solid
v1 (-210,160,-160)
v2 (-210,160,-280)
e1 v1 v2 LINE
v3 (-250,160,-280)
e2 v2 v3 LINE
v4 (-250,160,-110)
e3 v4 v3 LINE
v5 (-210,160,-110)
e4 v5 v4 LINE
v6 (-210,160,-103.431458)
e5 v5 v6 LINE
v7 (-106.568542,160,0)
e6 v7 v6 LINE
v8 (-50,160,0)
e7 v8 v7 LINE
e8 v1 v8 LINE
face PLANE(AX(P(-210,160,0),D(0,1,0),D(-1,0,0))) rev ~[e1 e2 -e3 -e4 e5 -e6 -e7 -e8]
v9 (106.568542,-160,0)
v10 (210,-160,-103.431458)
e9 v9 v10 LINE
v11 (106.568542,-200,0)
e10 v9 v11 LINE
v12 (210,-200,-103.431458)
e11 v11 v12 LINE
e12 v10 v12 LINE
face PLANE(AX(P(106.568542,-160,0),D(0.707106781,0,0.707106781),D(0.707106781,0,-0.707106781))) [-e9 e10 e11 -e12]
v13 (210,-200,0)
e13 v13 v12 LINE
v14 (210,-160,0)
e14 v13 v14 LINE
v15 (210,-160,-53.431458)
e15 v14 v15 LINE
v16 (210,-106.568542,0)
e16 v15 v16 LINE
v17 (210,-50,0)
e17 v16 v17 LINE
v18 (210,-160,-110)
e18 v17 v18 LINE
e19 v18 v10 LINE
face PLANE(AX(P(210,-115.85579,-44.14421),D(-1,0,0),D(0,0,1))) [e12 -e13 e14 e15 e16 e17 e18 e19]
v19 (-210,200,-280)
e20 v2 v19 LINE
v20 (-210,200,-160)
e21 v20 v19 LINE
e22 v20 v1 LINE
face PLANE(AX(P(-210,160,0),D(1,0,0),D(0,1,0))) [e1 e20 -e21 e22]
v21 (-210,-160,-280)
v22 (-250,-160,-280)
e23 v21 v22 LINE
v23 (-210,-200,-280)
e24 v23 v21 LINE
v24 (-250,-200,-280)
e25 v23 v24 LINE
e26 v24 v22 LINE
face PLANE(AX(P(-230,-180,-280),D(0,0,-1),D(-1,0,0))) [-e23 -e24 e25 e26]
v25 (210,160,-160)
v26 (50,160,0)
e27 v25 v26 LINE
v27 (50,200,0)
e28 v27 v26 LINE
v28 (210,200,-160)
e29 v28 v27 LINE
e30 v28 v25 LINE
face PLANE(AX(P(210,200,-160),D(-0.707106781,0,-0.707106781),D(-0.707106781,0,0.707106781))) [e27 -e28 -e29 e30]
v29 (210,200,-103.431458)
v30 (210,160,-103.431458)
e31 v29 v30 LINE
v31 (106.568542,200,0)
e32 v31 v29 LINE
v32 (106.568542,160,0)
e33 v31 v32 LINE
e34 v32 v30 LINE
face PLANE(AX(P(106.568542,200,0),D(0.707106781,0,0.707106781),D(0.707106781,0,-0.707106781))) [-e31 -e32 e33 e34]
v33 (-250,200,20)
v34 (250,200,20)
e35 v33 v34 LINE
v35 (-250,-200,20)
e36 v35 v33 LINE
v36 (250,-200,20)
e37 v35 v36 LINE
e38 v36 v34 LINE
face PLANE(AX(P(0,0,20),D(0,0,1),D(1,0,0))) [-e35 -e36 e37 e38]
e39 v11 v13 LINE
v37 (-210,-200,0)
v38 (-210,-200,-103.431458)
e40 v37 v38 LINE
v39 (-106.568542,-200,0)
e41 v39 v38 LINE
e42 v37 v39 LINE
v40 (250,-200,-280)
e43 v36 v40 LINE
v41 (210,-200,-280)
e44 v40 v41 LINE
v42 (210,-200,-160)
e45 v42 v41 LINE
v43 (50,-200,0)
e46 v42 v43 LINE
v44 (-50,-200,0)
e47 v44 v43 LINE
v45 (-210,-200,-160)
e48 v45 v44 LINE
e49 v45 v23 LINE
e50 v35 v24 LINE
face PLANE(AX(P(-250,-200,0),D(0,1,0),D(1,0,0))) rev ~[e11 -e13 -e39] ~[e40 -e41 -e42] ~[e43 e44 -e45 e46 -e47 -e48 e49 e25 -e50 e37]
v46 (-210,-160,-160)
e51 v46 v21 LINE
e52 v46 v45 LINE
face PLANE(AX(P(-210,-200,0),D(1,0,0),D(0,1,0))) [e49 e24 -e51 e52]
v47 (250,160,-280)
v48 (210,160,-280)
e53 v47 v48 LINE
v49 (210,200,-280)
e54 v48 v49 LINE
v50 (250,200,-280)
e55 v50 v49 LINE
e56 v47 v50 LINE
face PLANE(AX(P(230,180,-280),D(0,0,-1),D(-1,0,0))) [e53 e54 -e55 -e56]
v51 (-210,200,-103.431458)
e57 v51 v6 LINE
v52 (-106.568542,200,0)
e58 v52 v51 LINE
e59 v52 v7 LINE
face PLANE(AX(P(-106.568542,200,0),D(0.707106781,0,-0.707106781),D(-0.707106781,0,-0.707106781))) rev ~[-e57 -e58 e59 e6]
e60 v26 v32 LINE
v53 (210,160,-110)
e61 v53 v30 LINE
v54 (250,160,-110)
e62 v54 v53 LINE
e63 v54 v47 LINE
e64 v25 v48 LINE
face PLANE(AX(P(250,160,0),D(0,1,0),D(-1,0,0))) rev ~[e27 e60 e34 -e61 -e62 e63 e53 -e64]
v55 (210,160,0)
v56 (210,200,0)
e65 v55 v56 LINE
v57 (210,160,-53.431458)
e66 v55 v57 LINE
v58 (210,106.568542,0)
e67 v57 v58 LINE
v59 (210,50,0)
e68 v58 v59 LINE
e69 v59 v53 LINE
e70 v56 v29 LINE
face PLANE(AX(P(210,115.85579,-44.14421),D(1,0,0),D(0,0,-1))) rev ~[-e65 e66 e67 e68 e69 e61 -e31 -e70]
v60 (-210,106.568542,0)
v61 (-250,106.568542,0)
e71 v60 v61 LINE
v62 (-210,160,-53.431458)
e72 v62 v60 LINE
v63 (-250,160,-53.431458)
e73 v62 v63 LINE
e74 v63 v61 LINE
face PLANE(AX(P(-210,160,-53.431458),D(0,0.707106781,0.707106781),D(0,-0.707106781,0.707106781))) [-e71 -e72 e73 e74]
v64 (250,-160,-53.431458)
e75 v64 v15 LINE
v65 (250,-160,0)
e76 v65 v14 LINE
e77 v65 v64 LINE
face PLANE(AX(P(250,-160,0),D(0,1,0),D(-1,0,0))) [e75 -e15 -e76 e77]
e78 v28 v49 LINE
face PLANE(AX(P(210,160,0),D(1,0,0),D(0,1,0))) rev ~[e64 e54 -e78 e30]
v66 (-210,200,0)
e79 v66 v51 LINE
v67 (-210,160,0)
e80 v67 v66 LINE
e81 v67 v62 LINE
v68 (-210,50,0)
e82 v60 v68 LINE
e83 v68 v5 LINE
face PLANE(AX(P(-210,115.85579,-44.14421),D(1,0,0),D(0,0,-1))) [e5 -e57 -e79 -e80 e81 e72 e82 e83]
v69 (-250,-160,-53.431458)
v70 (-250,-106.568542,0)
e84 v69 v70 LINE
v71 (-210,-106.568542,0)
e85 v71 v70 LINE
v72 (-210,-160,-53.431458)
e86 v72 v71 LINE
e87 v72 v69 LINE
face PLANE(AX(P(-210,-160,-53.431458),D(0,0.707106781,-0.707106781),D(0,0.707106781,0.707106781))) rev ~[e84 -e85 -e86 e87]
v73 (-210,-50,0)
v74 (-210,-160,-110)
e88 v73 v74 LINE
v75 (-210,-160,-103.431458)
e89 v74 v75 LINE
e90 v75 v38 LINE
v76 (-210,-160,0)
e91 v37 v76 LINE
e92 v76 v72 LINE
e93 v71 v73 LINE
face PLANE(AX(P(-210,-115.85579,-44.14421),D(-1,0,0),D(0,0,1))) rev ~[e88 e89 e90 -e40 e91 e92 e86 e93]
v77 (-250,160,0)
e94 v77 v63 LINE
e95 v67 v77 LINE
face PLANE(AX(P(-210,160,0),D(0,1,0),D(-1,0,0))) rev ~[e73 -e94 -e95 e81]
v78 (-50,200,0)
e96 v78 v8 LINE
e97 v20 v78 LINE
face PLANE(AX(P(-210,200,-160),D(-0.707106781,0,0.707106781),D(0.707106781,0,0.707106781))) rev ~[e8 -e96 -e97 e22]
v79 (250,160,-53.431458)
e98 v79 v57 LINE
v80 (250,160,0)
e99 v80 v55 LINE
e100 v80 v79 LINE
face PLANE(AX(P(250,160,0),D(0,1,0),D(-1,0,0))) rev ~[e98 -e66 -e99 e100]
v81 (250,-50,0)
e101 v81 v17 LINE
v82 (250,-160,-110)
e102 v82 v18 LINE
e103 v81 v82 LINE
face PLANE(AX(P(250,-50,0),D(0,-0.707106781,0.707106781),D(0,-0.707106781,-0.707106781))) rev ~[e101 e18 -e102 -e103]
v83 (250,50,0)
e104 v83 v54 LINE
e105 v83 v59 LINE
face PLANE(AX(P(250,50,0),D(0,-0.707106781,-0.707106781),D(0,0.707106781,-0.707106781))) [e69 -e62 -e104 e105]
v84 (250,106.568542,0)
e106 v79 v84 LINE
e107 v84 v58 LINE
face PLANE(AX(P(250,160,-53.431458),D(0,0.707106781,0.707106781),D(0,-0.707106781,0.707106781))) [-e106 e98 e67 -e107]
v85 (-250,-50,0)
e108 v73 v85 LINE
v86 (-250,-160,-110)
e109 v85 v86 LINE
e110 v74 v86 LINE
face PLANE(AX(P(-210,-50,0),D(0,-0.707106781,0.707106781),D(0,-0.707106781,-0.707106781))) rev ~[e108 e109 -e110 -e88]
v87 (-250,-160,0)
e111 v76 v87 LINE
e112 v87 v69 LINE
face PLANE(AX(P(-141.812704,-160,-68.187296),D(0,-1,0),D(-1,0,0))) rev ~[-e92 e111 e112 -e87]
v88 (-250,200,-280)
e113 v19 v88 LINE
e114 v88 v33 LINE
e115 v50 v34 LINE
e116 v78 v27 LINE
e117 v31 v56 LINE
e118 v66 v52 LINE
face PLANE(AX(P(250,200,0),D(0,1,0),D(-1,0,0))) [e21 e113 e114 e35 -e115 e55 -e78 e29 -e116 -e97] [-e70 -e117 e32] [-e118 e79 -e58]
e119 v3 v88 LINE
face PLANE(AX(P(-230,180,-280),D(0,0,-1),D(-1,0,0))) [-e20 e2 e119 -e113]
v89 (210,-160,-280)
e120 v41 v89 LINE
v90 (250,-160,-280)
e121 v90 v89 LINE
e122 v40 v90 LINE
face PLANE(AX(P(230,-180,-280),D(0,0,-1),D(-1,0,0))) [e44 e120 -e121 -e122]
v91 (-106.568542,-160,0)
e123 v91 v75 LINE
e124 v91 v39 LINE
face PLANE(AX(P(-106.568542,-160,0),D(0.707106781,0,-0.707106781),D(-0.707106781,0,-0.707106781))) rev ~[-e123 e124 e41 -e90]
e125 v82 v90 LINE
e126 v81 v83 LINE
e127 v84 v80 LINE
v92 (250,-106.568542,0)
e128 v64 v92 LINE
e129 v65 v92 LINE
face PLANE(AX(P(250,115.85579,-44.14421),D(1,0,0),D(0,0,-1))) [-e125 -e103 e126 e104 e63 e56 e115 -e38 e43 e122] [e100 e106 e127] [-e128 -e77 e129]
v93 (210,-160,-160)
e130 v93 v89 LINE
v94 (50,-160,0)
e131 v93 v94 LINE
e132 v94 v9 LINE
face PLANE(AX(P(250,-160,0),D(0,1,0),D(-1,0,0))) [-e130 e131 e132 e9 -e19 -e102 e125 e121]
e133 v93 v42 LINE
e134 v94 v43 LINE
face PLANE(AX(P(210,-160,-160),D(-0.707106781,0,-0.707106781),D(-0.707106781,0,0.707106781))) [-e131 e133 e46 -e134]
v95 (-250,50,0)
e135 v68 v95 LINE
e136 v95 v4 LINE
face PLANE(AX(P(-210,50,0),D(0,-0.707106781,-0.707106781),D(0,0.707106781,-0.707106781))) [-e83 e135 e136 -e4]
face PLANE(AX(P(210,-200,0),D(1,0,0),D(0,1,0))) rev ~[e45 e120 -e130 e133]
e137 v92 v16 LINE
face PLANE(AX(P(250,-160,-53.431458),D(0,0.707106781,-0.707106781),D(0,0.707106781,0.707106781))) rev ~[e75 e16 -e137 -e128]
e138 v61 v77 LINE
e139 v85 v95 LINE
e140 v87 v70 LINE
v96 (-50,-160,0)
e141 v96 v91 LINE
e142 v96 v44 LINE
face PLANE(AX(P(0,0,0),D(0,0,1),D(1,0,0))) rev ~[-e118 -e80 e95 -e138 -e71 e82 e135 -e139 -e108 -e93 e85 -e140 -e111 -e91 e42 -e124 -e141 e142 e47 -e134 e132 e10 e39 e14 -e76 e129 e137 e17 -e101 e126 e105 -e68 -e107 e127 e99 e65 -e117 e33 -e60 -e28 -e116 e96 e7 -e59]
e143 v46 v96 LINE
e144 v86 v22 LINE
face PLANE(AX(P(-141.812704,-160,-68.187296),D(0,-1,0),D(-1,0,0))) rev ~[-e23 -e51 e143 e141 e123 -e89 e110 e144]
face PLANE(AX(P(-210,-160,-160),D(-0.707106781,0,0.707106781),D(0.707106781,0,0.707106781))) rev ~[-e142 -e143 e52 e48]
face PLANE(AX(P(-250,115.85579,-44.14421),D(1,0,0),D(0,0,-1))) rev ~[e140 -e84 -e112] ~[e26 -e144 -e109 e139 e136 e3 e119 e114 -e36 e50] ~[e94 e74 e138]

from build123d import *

# Parameters (mm, degrees)
SKETCH_1_W      = 500
SKETCH_1_H      = 400
EXTRUDE_1_DEPTH = 20
SKETCH_2_W      = 40
SKETCH_2_H      = 40
EXTRUDE_2_DEPTH = 280
EXTRUDE_3_DEPTH = 40
EXTRUDE_START   = -360
EXTRUDE_4_DEPTH = 40
EXTRUDE_5_DEPTH = 40
EXTRUDE_START_2 = -460
EXTRUDE_6_DEPTH = 40


with BuildPart() as part:
    # 草图1 → 凸台-拉伸1 (new body)
    with BuildSketch(Plane.XY):
        Rectangle(SKETCH_1_W, SKETCH_1_H)
    extrude(amount=EXTRUDE_1_DEPTH)

    # 草图2 → 凸台-拉伸2 (add)
    with BuildSketch(Plane(origin=(0, 0, 0), x_dir=(-1, 0, 0), z_dir=(0, 0, -1))):
        with Locations((-230, 180)):
            Rectangle(SKETCH_2_W, SKETCH_2_H)
        with Locations((230, 180)):
            Rectangle(SKETCH_2_W, SKETCH_2_H)
        with Locations((230, -180)):
            Rectangle(SKETCH_2_W, SKETCH_2_H)
        with Locations((-230, -180)):
            Rectangle(SKETCH_2_W, SKETCH_2_H)
    extrude(amount=EXTRUDE_2_DEPTH)

    # 草图3 → 凸台-拉伸3 (add)
    with BuildSketch(Plane(origin=(0, 200, 0), x_dir=(1, 0, 0), z_dir=(0, 1, 0))):
        Polygon((-210, 160), (-50, 0), (-106.568542495, 0), (-210, 103.431457505), align=None)
        Polygon((106.568542495, 0), (210, 103.431457505), (210, 160), (50, 0), align=None)
    extrude(amount=-EXTRUDE_3_DEPTH)

    # 草图3<3> → 凸台-拉伸4 (add)
    with BuildSketch(Plane(origin=(0, 200, 0), x_dir=(1, 0, 0), z_dir=(0, 1, 0)).offset(EXTRUDE_START)):
        Polygon((-210, 160), (-50, 0), (-106.568542495, 0), (-210, 103.431457505), align=None)
        Polygon((106.568542495, 0), (210, 103.431457505), (210, 160), (50, 0), align=None)
    extrude(amount=-EXTRUDE_4_DEPTH)

    # 草图4 → 凸台-拉伸5 (add)
    with BuildSketch(Plane(origin=(250, 0, 0), x_dir=(0, 0, -1), z_dir=(1, 0, 0))):
        Polygon((0, 50), (110, 160), (53.431457505, 160), (0, 106.568542495), align=None)
        Polygon((53.431457505, -160), (0, -106.568542495), (0, -50), (110, -160), align=None)
    extrude(amount=-EXTRUDE_5_DEPTH)

    # 草图4<2> → 凸台-拉伸6 (add)
    with BuildSketch(Plane(origin=(250, 0, 0), x_dir=(0, 0, -1), z_dir=(1, 0, 0)).offset(EXTRUDE_START_2)):
        Polygon((0, 50), (110, 160), (53.431457505, 160), (0, 106.568542495), align=None)
        Polygon((53.431457505, -160), (0, -106.568542495), (0, -50), (110, -160), align=None)
    extrude(amount=-EXTRUDE_6_DEPTH)


solid = part.part
